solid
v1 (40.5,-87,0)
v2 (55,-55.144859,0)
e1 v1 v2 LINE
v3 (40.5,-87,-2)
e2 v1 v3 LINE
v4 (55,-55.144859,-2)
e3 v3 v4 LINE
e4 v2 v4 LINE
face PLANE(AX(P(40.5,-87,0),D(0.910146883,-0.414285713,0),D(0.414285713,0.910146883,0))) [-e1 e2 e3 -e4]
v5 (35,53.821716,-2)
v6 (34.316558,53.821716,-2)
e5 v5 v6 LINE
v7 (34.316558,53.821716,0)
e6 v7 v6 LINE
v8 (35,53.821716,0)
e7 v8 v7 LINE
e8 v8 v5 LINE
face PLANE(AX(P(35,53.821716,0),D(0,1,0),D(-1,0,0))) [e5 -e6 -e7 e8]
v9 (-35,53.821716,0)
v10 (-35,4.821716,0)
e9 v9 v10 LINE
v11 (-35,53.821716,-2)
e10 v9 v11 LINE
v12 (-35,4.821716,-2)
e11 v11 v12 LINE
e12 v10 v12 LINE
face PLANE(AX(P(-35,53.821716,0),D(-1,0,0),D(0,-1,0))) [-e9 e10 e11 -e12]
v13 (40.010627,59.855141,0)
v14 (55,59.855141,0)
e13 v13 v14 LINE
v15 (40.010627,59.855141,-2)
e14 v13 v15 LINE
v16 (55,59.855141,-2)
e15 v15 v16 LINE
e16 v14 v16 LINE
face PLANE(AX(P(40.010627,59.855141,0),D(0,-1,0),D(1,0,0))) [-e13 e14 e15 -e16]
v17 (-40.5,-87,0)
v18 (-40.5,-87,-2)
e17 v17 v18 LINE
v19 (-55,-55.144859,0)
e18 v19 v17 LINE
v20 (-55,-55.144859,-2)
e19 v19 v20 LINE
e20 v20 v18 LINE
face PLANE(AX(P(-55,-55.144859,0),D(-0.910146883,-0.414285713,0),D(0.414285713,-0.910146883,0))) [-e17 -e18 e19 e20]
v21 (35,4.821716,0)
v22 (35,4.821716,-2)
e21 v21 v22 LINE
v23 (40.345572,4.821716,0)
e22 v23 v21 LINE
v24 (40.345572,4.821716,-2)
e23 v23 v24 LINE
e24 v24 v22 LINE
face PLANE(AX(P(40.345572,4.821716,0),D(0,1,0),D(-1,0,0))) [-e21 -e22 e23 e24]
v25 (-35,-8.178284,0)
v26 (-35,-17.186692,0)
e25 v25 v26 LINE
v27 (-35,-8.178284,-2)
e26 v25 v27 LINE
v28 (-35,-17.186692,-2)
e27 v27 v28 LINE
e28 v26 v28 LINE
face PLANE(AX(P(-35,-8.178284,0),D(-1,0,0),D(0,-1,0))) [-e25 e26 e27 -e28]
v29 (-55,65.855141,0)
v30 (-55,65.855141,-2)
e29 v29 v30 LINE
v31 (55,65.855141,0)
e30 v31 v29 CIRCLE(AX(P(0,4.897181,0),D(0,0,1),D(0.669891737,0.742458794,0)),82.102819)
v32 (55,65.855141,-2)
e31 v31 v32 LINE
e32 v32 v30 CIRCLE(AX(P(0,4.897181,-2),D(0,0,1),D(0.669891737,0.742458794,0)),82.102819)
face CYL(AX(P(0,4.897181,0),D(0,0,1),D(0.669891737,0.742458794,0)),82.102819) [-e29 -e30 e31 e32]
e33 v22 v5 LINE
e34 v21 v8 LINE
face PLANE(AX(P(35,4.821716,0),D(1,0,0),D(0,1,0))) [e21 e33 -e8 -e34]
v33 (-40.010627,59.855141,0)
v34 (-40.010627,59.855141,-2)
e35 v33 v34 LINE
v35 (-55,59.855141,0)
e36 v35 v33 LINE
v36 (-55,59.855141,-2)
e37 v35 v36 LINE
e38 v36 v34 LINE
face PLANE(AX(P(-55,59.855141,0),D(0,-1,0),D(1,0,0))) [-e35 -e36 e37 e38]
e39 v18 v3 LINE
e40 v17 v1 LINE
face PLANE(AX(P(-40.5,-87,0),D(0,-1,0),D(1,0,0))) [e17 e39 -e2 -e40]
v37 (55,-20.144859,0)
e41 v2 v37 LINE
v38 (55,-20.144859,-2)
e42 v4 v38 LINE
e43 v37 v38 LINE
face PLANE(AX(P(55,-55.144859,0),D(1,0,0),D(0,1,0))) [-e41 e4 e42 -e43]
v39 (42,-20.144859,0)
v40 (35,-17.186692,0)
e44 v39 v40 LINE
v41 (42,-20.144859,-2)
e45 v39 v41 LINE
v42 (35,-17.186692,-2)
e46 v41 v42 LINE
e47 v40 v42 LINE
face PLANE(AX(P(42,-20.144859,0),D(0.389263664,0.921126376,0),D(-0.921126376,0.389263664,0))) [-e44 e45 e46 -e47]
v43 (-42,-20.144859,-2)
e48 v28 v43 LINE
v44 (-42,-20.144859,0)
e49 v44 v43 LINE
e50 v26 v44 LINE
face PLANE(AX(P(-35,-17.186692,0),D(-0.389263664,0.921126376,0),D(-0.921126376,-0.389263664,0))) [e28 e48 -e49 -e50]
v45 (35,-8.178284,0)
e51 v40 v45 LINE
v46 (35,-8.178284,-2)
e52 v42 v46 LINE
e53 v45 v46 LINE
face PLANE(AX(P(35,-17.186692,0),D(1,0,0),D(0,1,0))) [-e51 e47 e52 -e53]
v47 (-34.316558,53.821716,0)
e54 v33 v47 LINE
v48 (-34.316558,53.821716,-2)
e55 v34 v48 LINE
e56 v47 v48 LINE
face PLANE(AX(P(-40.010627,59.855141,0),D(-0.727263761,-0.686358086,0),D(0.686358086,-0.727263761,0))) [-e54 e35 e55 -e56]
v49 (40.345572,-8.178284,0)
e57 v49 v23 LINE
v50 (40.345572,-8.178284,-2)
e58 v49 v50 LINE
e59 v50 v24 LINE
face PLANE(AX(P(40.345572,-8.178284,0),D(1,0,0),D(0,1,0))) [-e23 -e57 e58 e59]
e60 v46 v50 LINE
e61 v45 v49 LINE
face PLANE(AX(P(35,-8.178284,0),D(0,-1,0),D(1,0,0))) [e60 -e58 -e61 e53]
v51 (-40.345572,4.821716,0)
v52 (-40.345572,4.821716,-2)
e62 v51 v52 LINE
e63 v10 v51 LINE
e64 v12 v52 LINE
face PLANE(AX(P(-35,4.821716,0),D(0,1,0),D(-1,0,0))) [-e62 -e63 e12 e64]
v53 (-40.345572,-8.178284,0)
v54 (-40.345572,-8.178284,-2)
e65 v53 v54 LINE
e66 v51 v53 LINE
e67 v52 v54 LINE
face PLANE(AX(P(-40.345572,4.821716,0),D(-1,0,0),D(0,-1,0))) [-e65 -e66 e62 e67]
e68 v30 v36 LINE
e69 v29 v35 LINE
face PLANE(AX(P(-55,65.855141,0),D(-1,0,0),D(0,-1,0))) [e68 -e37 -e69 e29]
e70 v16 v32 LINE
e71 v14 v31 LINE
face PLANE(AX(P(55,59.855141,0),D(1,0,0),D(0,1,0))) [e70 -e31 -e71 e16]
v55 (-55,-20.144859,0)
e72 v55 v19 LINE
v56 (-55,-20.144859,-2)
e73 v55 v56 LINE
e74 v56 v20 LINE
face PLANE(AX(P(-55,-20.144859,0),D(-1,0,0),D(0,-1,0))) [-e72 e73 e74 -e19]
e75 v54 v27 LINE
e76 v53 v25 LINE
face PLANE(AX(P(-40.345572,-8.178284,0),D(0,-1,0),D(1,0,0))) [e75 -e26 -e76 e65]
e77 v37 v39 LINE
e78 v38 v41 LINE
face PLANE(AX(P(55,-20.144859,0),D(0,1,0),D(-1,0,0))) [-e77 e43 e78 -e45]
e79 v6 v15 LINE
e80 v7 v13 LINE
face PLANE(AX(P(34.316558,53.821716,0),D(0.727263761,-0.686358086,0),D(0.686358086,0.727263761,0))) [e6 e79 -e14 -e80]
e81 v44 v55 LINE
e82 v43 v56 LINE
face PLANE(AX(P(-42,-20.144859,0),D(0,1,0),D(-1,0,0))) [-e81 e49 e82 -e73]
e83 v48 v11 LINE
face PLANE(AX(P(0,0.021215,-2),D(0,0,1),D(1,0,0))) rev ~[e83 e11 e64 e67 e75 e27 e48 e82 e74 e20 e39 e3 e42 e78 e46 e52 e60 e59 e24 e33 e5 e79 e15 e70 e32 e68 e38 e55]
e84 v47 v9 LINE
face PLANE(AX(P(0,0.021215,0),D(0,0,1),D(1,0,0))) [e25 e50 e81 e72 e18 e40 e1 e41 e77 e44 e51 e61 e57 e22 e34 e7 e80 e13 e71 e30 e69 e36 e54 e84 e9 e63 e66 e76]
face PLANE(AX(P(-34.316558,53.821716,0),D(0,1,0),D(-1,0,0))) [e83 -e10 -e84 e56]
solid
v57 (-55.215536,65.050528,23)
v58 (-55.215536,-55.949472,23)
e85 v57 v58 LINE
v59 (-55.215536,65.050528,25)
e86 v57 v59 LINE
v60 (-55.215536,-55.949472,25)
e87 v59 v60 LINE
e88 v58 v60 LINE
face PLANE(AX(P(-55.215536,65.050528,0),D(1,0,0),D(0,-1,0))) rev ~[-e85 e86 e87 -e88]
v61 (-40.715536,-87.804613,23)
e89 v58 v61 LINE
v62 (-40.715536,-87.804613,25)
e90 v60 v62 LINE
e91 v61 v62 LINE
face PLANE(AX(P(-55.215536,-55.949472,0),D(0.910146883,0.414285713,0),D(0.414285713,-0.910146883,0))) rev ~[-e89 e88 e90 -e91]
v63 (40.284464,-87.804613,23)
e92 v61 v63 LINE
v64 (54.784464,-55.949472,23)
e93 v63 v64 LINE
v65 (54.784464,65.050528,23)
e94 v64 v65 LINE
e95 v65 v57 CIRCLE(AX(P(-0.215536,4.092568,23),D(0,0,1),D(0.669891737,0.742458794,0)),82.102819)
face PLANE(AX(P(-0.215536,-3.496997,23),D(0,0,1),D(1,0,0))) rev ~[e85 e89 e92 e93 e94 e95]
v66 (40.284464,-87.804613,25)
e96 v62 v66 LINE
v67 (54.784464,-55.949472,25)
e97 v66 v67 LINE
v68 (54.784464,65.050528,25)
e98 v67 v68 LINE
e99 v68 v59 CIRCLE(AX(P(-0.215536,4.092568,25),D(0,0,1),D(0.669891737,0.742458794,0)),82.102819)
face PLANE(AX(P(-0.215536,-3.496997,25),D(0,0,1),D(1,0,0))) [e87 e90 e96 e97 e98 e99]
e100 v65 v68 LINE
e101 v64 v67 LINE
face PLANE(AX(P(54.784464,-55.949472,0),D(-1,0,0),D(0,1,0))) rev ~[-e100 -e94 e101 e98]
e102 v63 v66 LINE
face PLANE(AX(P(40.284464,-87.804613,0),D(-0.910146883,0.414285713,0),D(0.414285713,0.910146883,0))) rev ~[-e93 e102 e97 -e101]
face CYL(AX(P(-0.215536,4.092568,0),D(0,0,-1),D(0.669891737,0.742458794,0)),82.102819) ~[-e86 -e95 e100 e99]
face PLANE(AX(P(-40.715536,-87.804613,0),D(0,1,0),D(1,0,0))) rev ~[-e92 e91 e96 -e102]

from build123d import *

# Parameters (mm, degrees)
F2_DEPTH = 25
F3_DEPTH = 23
F4_DEPTH = 2


with BuildPart() as f2:
    # F1 (on Top) → F2 (new body)
    with BuildSketch(Plane.XY):
        with BuildLine():
            Line((-40.715536, -87.804613), (-0.215536, -87.804613))
            Line((-0.215536, -87.804613), (40.284464, -87.804613))
            Line((40.284464, -87.804613), (54.784464, -55.949472))
            Line((54.784464, -55.949472), (54.784464, 65.050528))
            ThreePointArc((54.784464, 65.050528), (-0.215536, 86.195387), (-55.215536, 65.050528))
            Line((-55.215536, 65.050528), (-55.215536, -55.949472))
            Line((-55.215536, -55.949472), (-40.715536, -87.804613))
        make_face()
    extrude(amount=F2_DEPTH)

    # F1 (on Top) → F3 (cut)
    with BuildSketch(Plane.XY):
        with BuildLine():
            Line((-40.715536, -87.804613), (-0.215536, -87.804613))
            Line((-0.215536, -87.804613), (40.284464, -87.804613))
            Line((40.284464, -87.804613), (54.784464, -55.949472))
            Line((54.784464, -55.949472), (54.784464, 65.050528))
            ThreePointArc((54.784464, 65.050528), (-0.215536, 86.195387), (-55.215536, 65.050528))
            Line((-55.215536, 65.050528), (-55.215536, -55.949472))
            Line((-55.215536, -55.949472), (-40.715536, -87.804613))
        make_face()
    extrude(amount=F3_DEPTH, mode=Mode.SUBTRACT)


with BuildPart() as f4:
    # F0 (on Top) → F4 (new body)
    with BuildSketch(Plane.XY):
        with BuildLine():
            Line((-40.5, -87), (0, -87))
            Line((0, -87), (40.5, -87))
            Line((40.5, -87), (55, -55.144859))
            Line((55, -55.144859), (55, -20.144859))
            Line((55, -20.144859), (42, -20.144859))
            Line((42, -20.144859), (35, -17.186692))
            Line((35, -17.186692), (35, -8.178284))
            Line((35, -8.178284), (40.345572, -8.178284))
            Line((40.345572, -8.178284), (40.345572, 4.821716))
            Line((40.345572, 4.821716), (35, 4.821716))
            Line((35, 4.821716), (35, 53.821716))
            Line((35, 53.821716), (34.316558, 53.821716))
            Line((34.316558, 53.821716), (40.010627, 59.855141))
            Line((40.010627, 59.855141), (55, 59.855141))
            Line((55, 59.855141), (55, 65.855141))
            ThreePointArc((55, 65.855141), (0, 87), (-55, 65.855141))
            Line((-55, 65.855141), (-55, 59.855141))
            Line((-55, 59.855141), (-40.010627, 59.855141))
            Line((-40.010627, 59.855141), (-34.316558, 53.821716))
            Line((-34.316558, 53.821716), (-35, 53.821716))
            Line((-35, 53.821716), (-35, 4.821716))
            Line((-35, 4.821716), (-40.345572, 4.821716))
            Line((-40.345572, 4.821716), (-40.345572, -8.178284))
            Line((-40.345572, -8.178284), (-35, -8.178284))
            Line((-35, -8.178284), (-35, -17.186692))
            Line((-35, -17.186692), (-42, -20.144859))
            Line((-42, -20.144859), (-55, -20.144859))
            Line((-55, -20.144859), (-55, -55.144859))
            Line((-55, -55.144859), (-40.5, -87))
        make_face()
    extrude(amount=-F4_DEPTH)


solid = Compound([f2.part, f4.part])
